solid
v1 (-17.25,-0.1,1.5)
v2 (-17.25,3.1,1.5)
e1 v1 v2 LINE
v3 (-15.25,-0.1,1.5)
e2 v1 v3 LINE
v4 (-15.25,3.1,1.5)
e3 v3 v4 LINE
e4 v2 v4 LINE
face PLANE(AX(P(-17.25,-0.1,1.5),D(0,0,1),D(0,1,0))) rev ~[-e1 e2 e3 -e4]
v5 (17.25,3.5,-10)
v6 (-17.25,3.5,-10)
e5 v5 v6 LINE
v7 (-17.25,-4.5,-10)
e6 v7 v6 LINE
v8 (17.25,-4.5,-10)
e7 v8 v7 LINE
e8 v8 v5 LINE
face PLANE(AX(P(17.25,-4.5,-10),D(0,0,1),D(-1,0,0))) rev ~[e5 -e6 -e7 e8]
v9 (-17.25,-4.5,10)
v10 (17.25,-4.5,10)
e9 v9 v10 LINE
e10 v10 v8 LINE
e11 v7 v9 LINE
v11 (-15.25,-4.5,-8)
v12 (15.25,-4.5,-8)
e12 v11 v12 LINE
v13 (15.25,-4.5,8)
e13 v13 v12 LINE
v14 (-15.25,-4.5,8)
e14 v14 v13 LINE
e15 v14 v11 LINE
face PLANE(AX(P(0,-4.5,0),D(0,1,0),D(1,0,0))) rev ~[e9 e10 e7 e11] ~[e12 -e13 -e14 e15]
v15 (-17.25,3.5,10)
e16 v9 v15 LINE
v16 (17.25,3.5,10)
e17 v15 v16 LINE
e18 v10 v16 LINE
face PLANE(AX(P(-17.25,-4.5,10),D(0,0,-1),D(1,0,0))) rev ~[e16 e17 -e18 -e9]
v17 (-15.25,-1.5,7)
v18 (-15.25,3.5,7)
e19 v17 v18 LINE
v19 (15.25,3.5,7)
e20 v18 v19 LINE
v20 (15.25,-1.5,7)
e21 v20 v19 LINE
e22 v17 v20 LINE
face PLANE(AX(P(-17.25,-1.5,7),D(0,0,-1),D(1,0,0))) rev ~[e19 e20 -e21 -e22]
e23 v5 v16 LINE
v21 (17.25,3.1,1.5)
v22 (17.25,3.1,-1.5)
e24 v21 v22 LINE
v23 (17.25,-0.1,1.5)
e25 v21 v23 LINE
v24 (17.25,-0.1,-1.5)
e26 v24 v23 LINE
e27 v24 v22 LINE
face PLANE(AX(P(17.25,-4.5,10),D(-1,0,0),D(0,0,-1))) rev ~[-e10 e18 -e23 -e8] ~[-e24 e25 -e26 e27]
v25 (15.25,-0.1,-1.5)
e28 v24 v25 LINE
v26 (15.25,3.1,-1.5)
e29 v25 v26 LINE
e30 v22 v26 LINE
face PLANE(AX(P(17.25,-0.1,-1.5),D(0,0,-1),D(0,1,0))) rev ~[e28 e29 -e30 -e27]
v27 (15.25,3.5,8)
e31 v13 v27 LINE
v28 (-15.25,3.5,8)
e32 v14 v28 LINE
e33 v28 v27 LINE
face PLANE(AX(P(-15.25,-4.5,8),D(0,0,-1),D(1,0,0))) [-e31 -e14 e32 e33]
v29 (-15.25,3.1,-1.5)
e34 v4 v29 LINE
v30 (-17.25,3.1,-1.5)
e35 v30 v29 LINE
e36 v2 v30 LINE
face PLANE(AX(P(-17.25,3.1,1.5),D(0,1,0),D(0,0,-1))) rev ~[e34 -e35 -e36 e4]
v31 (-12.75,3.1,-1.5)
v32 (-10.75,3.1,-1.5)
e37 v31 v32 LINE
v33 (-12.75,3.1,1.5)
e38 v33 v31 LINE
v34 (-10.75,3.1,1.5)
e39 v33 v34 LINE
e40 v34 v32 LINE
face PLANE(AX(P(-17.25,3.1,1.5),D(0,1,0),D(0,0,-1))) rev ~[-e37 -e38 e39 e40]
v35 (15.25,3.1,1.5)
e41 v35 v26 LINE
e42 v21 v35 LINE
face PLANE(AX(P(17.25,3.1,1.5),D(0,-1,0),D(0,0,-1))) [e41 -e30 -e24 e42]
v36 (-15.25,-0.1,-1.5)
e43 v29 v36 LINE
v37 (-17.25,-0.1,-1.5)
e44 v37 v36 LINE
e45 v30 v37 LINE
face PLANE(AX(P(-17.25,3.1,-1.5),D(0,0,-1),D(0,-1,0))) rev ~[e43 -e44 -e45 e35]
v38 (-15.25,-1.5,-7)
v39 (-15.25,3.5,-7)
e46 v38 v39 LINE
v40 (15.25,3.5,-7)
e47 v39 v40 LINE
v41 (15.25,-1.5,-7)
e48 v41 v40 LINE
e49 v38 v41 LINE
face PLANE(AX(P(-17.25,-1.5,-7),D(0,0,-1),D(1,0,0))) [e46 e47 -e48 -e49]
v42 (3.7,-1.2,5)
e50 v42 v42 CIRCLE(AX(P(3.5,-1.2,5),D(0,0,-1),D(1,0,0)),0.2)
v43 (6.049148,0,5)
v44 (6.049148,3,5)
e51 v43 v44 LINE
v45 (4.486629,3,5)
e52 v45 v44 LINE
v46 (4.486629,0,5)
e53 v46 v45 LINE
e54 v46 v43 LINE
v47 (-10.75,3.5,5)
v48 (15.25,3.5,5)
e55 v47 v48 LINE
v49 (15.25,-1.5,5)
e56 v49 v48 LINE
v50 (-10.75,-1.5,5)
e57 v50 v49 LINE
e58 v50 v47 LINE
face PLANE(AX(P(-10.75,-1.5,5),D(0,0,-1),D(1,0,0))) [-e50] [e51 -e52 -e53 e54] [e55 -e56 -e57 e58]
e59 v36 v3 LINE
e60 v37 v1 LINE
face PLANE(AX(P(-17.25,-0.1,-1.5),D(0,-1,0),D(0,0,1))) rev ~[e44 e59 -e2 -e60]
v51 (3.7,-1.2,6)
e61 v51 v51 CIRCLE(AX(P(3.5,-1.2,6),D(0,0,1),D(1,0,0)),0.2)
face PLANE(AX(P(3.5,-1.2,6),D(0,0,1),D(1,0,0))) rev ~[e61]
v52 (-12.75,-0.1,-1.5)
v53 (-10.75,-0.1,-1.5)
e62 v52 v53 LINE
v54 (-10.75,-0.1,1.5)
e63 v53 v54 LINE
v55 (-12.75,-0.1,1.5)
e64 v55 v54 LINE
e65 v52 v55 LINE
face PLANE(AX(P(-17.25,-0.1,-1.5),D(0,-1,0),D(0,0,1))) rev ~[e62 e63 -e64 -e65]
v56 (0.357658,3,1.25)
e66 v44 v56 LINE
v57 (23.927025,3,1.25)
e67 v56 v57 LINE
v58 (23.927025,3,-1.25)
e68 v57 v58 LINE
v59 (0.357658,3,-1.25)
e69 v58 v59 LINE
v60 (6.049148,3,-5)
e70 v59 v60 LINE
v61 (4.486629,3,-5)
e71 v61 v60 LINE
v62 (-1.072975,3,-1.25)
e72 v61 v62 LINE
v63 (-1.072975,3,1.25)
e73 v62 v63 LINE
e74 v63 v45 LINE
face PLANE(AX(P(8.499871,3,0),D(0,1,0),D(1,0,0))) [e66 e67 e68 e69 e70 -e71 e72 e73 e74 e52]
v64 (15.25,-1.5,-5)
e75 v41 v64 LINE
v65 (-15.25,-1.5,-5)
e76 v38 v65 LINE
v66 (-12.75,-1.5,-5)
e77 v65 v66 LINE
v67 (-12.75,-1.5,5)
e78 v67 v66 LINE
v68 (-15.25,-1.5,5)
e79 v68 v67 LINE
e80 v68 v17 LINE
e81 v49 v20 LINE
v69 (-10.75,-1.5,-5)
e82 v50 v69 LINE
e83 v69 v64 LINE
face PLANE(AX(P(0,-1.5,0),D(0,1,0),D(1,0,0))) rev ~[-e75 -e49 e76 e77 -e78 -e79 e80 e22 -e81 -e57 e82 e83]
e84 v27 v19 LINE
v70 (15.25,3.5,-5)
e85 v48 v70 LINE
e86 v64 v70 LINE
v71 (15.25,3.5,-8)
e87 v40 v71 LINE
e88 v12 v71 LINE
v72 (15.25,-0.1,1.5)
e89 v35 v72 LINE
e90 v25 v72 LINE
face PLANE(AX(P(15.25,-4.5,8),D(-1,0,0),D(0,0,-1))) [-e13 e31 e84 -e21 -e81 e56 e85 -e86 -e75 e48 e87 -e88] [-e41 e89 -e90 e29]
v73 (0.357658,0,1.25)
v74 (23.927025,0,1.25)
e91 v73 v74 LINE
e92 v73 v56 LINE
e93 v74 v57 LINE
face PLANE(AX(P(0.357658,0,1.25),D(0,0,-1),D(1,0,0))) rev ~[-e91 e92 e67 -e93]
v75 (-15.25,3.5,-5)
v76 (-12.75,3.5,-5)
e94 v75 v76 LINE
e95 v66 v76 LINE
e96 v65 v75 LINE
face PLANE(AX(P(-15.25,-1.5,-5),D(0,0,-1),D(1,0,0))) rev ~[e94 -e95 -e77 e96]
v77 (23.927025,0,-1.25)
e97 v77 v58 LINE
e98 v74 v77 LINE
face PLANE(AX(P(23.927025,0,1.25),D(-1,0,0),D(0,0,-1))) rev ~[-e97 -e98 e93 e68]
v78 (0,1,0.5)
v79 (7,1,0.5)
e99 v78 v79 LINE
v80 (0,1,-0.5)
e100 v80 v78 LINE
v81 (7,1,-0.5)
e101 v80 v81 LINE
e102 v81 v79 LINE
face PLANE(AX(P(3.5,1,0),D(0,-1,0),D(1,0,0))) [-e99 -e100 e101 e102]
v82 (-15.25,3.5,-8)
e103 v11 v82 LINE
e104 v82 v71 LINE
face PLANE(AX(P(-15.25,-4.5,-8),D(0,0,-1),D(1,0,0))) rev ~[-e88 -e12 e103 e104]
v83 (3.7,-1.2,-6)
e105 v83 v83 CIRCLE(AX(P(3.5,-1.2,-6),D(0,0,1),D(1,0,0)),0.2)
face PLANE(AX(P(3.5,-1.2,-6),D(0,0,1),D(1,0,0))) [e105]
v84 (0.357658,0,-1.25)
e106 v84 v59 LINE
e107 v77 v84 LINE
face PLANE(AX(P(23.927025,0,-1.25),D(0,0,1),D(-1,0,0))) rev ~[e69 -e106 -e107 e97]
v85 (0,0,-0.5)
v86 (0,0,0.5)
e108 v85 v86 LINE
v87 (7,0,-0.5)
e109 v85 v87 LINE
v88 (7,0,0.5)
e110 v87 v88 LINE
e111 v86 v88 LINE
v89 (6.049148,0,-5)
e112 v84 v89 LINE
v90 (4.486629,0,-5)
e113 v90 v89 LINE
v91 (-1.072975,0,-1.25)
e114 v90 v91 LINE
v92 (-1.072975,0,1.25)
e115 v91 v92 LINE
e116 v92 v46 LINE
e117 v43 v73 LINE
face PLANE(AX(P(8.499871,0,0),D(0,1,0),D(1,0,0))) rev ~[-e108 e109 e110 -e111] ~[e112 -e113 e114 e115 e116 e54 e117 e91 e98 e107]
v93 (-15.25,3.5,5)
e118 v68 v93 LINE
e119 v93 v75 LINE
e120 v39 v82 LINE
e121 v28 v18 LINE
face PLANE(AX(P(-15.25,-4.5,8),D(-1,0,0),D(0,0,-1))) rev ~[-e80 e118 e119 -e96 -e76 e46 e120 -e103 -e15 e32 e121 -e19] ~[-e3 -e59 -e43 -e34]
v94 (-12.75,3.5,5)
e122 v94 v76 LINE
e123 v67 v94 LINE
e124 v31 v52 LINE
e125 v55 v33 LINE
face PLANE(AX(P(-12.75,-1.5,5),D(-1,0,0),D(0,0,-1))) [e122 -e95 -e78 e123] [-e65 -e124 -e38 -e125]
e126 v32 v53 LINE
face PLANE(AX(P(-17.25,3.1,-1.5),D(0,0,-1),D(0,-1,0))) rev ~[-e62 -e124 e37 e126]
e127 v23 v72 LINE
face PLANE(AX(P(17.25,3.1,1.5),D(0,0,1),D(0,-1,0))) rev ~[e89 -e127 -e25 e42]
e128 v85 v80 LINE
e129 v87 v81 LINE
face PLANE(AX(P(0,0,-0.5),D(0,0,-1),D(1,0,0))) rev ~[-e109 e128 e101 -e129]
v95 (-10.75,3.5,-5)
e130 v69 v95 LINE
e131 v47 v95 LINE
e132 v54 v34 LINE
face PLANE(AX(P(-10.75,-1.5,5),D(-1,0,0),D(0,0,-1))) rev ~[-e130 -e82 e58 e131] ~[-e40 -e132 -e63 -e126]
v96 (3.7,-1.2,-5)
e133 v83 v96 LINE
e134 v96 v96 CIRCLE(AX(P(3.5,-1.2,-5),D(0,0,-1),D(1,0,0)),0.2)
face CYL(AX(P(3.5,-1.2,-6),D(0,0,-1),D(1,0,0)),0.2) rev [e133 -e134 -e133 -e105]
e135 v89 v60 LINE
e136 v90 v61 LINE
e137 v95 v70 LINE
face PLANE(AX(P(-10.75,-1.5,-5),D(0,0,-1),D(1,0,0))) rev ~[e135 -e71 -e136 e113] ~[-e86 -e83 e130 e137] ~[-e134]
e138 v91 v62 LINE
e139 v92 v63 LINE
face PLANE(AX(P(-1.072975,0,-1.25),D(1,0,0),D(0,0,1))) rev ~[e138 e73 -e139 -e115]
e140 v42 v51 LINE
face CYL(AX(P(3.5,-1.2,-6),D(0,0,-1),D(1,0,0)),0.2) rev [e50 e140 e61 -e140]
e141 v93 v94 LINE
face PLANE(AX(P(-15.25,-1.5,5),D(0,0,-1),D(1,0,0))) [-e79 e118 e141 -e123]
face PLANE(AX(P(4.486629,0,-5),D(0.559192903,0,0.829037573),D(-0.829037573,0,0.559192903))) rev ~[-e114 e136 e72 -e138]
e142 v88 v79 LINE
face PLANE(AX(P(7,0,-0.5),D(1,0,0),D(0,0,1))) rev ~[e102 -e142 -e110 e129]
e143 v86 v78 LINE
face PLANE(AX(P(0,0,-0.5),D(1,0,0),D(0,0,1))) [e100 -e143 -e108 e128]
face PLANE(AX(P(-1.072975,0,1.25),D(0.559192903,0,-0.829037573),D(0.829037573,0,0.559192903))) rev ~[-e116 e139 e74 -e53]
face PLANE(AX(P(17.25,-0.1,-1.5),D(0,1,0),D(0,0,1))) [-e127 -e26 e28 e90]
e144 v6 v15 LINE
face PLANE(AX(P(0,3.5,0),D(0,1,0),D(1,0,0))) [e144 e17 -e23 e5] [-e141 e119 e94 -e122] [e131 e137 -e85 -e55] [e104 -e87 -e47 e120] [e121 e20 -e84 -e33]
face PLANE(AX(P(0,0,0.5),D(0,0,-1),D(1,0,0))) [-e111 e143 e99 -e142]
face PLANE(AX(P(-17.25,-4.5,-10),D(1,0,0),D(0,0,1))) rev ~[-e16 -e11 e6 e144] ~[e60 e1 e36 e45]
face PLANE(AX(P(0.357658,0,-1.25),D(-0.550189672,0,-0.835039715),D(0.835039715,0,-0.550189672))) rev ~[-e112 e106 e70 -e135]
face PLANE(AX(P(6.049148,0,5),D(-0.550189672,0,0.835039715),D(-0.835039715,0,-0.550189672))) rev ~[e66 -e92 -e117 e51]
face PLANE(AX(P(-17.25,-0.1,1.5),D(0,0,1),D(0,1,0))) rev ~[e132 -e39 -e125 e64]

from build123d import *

# Parameters (mm, degrees)
BOSS_EXTRUDE2_DEPTH      = 3.5
BOSS_EXTRUDE2_DEPTH_BACK = 1.5
SKETCH2_W                = 34.5
SKETCH2_H                = 14
SKETCH2_W_2              = 2.5
SKETCH2_H_2              = 10
SKETCH2_W_3              = 26
BOSS_EXTRUDE5_DEPTH      = 3.5
BOSS_EXTRUDE5_DEPTH_BACK = 4.5
SKETCH9_W                = 30.5
SKETCH9_H                = 16
CUT_EXTRUDE1_DEPTH       = 2
CUT_EXTRUDE2_DEPTH       = 8
BOSS_EXTRUDE4_DEPTH      = 3
SKETCH5_W                = 7
SKETCH5_H                = 1
CUT_EXTRUDE3_DEPTH       = 1
CUT_EXTRUDE4_DEPTH       = 6
CUT_EXTRUDE4_DEPTH_BACK  = 6
SKETCH7_R                = 0.2


with BuildPart() as part:
    # Sketch2 → Boss-Extrude2 (new, two sides: drawn at the far end of the back side and taken through both)
    with BuildSketch(Plane(origin=(0, 0, 0), x_dir=(1, 0, 0), z_dir=(0, 1, 0)).offset(-BOSS_EXTRUDE2_DEPTH_BACK)):
        Rectangle(SKETCH2_W, SKETCH2_H)
        with Locations((-14, 0)):
            Rectangle(SKETCH2_W_2, SKETCH2_H_2, mode=Mode.SUBTRACT)
        with Locations((2.25, 0)):
            Rectangle(SKETCH2_W_3, SKETCH2_H_2, mode=Mode.SUBTRACT)
    extrude(amount=BOSS_EXTRUDE2_DEPTH + BOSS_EXTRUDE2_DEPTH_BACK)

    # Sketch9 → Boss-Extrude5 (add, two sides: drawn at the far end of the back side and taken through both)
    with BuildSketch(Plane(origin=(0, 0, 0), x_dir=(1, 0, 0), z_dir=(0, 1, 0)).offset(-BOSS_EXTRUDE5_DEPTH_BACK)):
        Polygon((17.25, -10), (17.25, 8), (17.25, 10), (15.25, 10), (-15.25, 10), (-17.25, 10), (-17.25, 8), (-17.25, -10), align=None)
        Rectangle(SKETCH9_W, SKETCH9_H, mode=Mode.SUBTRACT)
    extrude(amount=BOSS_EXTRUDE5_DEPTH + BOSS_EXTRUDE5_DEPTH_BACK)

    # Sketch3 → Cut-Extrude1 (cut)
    with BuildSketch(Plane(origin=(17.25, 0, 0), x_dir=(0, 0, -1), z_dir=(1, 0, 0))):
        Polygon((-1.5, 0), (-1.5, 3.1), (1.5, 3.1), (1.5, 0), (1.5, -0.1), (-1.5, -0.1), align=None)
    extrude(amount=-CUT_EXTRUDE1_DEPTH, mode=Mode.SUBTRACT)

    # Sketch4 → Cut-Extrude2 (cut)
    with BuildSketch(Plane.ZY.offset(17.25)):
        Polygon((-1.5, -0.1), (1.5, -0.1), (1.5, 0), (1.5, 3.1), (-1.5, 3.1), (-1.5, 0), align=None)
    extrude(amount=-CUT_EXTRUDE2_DEPTH, mode=Mode.SUBTRACT)

    # Sketch1 → Boss-Extrude4 (add)
    with BuildSketch(Plane(origin=(0, 0, 0), x_dir=(1, 0, 0), z_dir=(0, 1, 0))):
        Polygon((-1.07297499, -1.25), (4.486628642, -5), (4.486628642, -6), (6.049148178, -6), (6.049148178, -5), (0.35765833, -1.25), (1.07297499, -1.25), (23.92702501, -1.25), (23.92702501, 1.25), (1.07297499, 1.25), (0.35765833, 1.25), (6.049148178, 5), (6.049148178, 6), (4.486628642, 6), (4.486628642, 5), (-1.07297499, 1.25), align=None)
    extrude(amount=BOSS_EXTRUDE4_DEPTH)

    # Sketch5 → Cut-Extrude3 (cut)
    with BuildSketch(Plane.XZ):
        with Locations((3.5, 0)):
            Rectangle(SKETCH5_W, SKETCH5_H)
    extrude(amount=-CUT_EXTRUDE3_DEPTH, mode=Mode.SUBTRACT)

    # Sketch7 → Cut-Extrude4 (cut, two sides: drawn at the far end of the back side and taken through both)
    with BuildSketch(Plane.XY.offset(-CUT_EXTRUDE4_DEPTH_BACK)):
        with Locations((3.5, -1.2)):
            Circle(SKETCH7_R)
    extrude(amount=CUT_EXTRUDE4_DEPTH + CUT_EXTRUDE4_DEPTH_BACK, mode=Mode.SUBTRACT)


solid = part.part
